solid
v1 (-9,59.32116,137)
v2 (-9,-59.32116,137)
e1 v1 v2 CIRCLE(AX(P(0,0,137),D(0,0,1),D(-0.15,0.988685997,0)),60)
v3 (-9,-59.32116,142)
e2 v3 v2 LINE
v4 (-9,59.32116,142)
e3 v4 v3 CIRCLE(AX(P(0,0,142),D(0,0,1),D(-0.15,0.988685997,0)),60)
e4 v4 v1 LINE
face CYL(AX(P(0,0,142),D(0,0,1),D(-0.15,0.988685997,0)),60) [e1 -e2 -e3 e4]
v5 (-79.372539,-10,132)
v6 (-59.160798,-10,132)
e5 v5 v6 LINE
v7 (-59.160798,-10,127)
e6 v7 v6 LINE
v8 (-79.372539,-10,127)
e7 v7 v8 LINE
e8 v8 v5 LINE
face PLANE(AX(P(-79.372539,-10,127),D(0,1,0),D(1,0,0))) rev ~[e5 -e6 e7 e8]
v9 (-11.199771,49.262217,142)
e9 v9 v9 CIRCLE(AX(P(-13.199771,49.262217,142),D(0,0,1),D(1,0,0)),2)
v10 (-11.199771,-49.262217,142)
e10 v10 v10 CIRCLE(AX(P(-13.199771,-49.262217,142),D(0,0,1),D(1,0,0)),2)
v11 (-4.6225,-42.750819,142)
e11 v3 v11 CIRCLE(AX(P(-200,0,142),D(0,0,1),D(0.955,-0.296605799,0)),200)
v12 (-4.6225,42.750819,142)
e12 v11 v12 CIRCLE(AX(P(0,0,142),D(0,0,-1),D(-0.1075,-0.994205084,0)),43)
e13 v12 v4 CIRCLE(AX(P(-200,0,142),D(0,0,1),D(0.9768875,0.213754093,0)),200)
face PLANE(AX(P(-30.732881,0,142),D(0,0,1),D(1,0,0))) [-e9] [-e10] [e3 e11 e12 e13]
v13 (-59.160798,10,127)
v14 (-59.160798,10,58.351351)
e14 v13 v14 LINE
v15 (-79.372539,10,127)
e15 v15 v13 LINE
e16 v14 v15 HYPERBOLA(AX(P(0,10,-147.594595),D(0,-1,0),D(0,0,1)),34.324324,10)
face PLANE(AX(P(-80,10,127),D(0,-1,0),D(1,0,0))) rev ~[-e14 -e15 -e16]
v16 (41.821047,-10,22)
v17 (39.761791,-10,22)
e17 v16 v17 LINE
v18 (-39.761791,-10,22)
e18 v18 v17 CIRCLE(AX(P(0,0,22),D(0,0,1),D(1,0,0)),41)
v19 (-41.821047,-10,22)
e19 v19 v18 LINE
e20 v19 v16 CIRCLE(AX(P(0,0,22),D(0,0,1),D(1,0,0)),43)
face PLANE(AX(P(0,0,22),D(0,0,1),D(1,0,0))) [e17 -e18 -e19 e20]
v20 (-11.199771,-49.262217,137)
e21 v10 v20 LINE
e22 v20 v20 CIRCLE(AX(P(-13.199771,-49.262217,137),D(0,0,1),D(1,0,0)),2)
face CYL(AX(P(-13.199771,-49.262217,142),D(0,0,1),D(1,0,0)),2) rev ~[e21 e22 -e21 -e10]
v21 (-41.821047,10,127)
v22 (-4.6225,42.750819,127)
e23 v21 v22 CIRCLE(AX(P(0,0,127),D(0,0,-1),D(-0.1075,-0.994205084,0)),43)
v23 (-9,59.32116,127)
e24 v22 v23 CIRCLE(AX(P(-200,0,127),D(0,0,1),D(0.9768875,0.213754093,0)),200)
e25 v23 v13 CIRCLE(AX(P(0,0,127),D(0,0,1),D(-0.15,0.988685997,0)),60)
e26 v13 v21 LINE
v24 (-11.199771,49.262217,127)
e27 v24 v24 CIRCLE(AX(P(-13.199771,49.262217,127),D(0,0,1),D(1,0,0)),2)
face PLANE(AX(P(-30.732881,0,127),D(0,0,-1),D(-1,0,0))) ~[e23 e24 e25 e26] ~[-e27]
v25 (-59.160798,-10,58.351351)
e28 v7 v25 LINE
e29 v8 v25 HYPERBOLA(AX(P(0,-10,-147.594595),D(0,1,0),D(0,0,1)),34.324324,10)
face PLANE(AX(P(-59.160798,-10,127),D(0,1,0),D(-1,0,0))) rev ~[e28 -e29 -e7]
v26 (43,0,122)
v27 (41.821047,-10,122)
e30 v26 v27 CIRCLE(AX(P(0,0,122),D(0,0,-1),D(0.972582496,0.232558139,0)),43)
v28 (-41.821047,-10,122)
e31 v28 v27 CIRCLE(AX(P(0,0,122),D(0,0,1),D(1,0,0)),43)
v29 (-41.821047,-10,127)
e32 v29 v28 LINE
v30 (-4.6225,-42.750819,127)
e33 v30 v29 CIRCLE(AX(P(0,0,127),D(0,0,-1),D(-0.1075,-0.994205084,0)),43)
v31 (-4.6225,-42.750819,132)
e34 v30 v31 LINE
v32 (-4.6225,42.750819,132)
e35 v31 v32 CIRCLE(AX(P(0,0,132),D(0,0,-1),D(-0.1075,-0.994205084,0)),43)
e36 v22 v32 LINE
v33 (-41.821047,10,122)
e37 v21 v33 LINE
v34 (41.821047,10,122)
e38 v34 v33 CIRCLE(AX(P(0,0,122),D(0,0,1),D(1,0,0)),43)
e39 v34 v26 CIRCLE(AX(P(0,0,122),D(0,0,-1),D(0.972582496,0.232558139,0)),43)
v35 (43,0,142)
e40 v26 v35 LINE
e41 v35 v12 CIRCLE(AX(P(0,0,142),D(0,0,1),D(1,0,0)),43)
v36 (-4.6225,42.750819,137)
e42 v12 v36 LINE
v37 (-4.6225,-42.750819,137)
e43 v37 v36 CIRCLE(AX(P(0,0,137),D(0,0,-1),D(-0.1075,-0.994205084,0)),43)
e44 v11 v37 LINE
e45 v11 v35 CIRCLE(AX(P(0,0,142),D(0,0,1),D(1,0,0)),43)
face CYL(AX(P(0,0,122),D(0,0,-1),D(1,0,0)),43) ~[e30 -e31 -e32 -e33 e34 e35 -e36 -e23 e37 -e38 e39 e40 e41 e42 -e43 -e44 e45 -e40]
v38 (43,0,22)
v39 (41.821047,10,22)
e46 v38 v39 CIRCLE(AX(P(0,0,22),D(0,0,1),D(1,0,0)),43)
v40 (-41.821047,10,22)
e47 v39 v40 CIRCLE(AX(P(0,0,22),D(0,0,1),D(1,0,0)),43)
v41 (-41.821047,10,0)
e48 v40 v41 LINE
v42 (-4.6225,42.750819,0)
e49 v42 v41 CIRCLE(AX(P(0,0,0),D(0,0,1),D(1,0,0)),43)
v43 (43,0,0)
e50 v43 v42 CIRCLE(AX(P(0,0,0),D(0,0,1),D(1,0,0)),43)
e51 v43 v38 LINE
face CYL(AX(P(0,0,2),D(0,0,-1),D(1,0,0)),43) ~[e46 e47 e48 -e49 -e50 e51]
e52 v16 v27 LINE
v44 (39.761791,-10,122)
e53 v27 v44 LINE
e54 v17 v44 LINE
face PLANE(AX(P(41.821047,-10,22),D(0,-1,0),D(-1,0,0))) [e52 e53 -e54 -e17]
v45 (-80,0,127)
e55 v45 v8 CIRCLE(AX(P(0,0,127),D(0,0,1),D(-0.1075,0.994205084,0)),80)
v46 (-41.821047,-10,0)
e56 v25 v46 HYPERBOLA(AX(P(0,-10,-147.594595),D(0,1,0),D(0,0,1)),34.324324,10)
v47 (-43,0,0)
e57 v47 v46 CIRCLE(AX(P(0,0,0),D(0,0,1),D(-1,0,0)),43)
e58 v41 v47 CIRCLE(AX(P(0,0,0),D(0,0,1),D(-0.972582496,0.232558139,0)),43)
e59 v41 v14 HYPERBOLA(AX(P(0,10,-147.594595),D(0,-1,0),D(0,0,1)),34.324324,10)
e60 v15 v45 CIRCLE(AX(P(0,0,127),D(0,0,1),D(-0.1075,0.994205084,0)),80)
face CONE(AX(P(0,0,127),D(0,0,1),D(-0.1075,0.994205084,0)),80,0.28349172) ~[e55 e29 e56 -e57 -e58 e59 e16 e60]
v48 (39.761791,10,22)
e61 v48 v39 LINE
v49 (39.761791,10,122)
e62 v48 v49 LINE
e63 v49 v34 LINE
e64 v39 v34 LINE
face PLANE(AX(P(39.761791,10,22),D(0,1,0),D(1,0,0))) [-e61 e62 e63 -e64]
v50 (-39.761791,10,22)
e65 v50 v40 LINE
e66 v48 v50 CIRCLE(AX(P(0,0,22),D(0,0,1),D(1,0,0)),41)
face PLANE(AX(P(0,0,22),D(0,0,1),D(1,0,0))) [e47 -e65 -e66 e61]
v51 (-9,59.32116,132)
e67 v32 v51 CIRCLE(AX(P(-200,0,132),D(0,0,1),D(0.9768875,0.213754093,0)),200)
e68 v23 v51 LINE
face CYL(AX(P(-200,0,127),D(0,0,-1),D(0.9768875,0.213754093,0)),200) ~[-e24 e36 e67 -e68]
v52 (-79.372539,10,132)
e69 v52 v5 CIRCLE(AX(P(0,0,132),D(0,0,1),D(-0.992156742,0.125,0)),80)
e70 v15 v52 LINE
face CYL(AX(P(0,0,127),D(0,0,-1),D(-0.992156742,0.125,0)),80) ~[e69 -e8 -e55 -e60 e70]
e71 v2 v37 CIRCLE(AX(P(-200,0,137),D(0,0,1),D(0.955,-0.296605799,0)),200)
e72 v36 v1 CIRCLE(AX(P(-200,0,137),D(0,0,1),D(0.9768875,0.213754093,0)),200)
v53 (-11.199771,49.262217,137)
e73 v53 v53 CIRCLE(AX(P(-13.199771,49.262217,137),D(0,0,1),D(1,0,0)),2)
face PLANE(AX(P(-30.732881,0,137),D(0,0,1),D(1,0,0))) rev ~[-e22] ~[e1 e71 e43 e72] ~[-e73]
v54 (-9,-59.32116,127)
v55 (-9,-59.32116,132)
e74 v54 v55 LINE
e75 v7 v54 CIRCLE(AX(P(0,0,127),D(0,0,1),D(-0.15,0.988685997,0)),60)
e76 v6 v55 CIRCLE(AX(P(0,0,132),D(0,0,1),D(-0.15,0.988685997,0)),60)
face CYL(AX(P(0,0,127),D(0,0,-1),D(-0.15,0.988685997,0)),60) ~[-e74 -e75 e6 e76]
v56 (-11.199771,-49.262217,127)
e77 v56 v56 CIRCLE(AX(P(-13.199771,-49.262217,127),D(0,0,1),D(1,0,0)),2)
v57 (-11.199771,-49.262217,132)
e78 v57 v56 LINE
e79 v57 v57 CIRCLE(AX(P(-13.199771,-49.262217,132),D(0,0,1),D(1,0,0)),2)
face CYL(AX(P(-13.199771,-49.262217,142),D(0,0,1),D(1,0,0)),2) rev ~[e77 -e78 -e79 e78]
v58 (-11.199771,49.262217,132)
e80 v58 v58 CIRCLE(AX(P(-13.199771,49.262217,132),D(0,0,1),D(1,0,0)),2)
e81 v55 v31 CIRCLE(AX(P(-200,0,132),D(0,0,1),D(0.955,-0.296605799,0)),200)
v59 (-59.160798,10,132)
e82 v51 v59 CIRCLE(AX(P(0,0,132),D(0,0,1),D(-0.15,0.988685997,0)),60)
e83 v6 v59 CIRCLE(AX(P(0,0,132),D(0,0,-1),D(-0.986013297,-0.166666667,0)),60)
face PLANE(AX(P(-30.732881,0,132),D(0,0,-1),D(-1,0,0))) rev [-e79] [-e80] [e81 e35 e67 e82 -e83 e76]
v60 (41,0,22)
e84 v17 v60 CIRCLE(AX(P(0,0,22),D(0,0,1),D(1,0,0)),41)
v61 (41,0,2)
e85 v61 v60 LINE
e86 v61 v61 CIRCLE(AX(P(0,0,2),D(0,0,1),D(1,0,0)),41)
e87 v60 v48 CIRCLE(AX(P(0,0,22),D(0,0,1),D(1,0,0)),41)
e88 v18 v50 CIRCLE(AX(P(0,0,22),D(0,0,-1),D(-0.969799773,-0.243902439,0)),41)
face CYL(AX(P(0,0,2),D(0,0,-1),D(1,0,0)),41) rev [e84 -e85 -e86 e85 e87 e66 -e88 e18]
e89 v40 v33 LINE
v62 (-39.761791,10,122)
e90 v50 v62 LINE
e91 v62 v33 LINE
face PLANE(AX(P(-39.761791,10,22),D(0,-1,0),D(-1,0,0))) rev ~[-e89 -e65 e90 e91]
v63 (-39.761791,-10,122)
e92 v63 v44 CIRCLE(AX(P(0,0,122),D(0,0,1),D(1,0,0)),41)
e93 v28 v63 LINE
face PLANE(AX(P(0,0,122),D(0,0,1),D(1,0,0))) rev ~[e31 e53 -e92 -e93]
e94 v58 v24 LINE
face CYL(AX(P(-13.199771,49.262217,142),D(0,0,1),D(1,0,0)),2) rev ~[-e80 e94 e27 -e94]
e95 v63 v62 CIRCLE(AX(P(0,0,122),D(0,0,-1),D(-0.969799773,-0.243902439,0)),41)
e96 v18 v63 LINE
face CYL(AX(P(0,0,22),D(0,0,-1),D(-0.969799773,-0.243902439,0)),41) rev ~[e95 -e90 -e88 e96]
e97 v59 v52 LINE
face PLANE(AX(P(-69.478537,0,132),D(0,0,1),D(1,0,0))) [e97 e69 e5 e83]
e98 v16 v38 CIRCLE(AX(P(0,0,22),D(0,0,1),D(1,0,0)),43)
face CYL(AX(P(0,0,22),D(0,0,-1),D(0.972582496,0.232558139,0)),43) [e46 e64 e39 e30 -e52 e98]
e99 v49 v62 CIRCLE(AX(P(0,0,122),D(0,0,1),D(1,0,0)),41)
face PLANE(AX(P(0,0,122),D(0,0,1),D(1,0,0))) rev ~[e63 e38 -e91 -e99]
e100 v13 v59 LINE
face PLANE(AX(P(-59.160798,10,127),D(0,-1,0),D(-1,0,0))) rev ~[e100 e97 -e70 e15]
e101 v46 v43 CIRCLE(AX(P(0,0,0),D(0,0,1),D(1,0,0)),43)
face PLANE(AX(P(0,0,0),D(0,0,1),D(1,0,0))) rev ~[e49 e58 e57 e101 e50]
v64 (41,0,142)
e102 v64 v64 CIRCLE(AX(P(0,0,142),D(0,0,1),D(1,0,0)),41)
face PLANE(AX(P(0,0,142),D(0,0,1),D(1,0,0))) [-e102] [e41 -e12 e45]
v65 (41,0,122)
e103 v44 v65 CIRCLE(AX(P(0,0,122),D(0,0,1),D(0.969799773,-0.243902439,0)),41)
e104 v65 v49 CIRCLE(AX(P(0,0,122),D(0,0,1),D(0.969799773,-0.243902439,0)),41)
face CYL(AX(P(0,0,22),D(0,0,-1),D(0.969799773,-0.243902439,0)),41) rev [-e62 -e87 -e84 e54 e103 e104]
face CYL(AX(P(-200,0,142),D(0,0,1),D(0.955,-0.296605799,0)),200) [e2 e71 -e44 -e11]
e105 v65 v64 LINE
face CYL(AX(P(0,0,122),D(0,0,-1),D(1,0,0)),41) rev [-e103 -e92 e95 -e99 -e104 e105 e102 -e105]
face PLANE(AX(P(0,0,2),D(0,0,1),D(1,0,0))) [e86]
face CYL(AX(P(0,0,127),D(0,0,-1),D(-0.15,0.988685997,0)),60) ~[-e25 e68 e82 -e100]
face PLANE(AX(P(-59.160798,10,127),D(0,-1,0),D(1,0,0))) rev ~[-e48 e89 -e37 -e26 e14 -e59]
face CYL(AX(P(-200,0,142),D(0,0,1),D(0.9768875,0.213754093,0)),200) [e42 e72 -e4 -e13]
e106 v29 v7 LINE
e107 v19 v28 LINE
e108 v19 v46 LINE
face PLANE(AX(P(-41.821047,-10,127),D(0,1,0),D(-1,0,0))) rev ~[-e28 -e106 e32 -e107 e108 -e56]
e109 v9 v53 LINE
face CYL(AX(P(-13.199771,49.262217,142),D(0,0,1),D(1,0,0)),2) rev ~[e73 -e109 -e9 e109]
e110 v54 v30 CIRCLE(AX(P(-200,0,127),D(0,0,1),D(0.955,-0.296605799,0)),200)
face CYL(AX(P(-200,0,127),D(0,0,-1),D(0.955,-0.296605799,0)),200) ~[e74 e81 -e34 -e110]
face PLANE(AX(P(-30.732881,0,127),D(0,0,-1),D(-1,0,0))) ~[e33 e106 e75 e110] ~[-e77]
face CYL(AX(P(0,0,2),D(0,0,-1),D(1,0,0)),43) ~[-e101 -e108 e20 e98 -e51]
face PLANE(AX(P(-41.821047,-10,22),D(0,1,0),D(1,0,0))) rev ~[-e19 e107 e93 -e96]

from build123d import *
from build123d.topology import SkipClean

# Parameters (mm, degrees)
SKETCH1_R           = 43
BOSS_EXTRUDE1_DEPTH = 2
SKETCH2_R           = 43
SKETCH2_R_2         = 41
BOSS_EXTRUDE2_DEPTH = 20
BOSS_EXTRUDE3_DEPTH = 100
SKETCH4_R           = 43
SKETCH4_R_2         = 41
BOSS_EXTRUDE4_DEPTH = 20
BOSS_EXTRUDE5_DEPTH = 5
BOSS_EXTRUDE6_DEPTH = 127
SKETCH7_W           = 7.682690019
SKETCH7_H           = 127
BOSS_EXTRUDE7_DEPTH = 5
SKETCH10_R          = 2
CUT_EXTRUDE2_DEPTH  = 15


with BuildPart() as part:
    # Sketch1 → Boss-Extrude1 (new body)
    with BuildSketch(Plane.XY):
        Circle(SKETCH1_R)
    extrude(amount=BOSS_EXTRUDE1_DEPTH)

    # Sketch2 → Boss-Extrude2 (add)
    with BuildSketch(Plane.XY.offset(2)):
        Circle(SKETCH2_R)
        Circle(SKETCH2_R_2, mode=Mode.SUBTRACT)
    extrude(amount=BOSS_EXTRUDE2_DEPTH)

    # Sketch3 → Boss-Extrude3 (add)
    with SkipClean():  # the faces are left unmerged after this step: merging them gives an invalid solid
        with BuildSketch(Plane.XY.offset(22)):
            with BuildLine():
                Line((39.761790704, 10), (41.821047333, 10))
                ThreePointArc((41.821047333, 10), (43, 0), (41.821047333, -10))
                Line((41.821047333, -10), (39.761790704, -10))
                ThreePointArc((39.761790704, -10), (41, 0), (39.761790704, 10))
            make_face()
            with BuildLine():
                Line((-41.821047333, -10), (-39.761790704, -10))
                ThreePointArc((-39.761790704, -10), (-41, 0), (-39.761790704, 10))
                Line((-39.761790704, 10), (-41.821047333, 10))
                ThreePointArc((-41.821047333, 10), (-43, 0), (-41.821047333, -10))
            make_face()
        extrude(amount=BOSS_EXTRUDE3_DEPTH)

    # Sketch4 → Boss-Extrude4 (add)
    with SkipClean():  # the faces are left unmerged after this step: merging them gives an invalid solid
        with BuildSketch(Plane.XY.offset(122)):
            Circle(SKETCH4_R)
            Circle(SKETCH4_R_2, mode=Mode.SUBTRACT)
        extrude(amount=BOSS_EXTRUDE4_DEPTH)

    # Sketch5 → Boss-Extrude5 (add)
    with SkipClean():  # the faces are left unmerged after this step: merging them gives an invalid solid
        with BuildSketch(Plane.XY.offset(142)):
            with BuildLine():
                ThreePointArc((-4.6225, 42.750818633), (-6.633671033, 51.082901463), (-9, 59.3211598))
                ThreePointArc((-9, 59.3211598), (-60, 0), (-9, -59.3211598))
                ThreePointArc((-9, -59.3211598), (-6.633671033, -51.082901463), (-4.6225, -42.750818633))
                ThreePointArc((-4.6225, -42.750818633), (-43, 0), (-4.6225, 42.750818633))
            make_face()
        boss_extrude5 = extrude(amount=-BOSS_EXTRUDE5_DEPTH)

    # Mirror1: Boss-Extrude5 across plane
    with SkipClean():  # the faces are left unmerged after this step: merging them gives an invalid solid
        add(boss_extrude5.mirror(Plane(origin=(0, 0, 134.5), x_dir=(1, 0, 0), z_dir=(0, 0, -1))))

    # Sketch6 → Boss-Extrude6 (add)
    with SkipClean():  # the faces are left unmerged after this step: merging them gives an invalid solid
        with BuildSketch(Plane(origin=(0, 0, 127), x_dir=(-1, 0, 0), z_dir=(0, 0, -1))):
            with BuildLine():
                ThreePointArc((43, 0), (42.704244726, -5.034628323), (41.821047333, -10))
                Line((41.821047333, -10), (59.160797831, -10))
                ThreePointArc((59.160797831, -10), (59.789831367, -5.017575617), (60, 0))
                ThreePointArc((60, 0), (59.789831367, 5.017575617), (59.160797831, 10))
                Line((59.160797831, 10), (41.821047333, 10))
                ThreePointArc((41.821047333, 10), (42.704244726, 5.034628323), (43, 0))
            make_face()
            with BuildLine():
                ThreePointArc((60, 0), (59.789831367, -5.017575617), (59.160797831, -10))
                Line((59.160797831, -10), (80, -10))
                Line((80, -10), (80, 10))
                Line((80, 10), (59.160797831, 10))
                ThreePointArc((59.160797831, 10), (59.789831367, 5.017575617), (60, 0))
            make_face()
        extrude(amount=BOSS_EXTRUDE6_DEPTH)

    # Sketch7 → Cut-Revolve1 (revolve, cut)
    with SkipClean():  # the faces are left unmerged after this step: merging them gives an invalid solid
        with BuildSketch(Plane(origin=(0, 0, 0), x_dir=(1, 0, 0), z_dir=(0, 1, 0)), mode=Mode.PRIVATE) as cut_revolve1_sk:
            with Locations((-83.84134501, -63.5)):
                Rectangle(SKETCH7_W, SKETCH7_H)
            Polygon((-80, 0), (-80, -127), (-43, 0), align=None)
        revolve(cut_revolve1_sk.sketch.rotate(Axis((0, 0, -46.383399508), (0, 0, 1)), 276.171221478), axis=Axis((0, 0, -46.383399508), (0, 0, 1)), mode=Mode.SUBTRACT)

    # Sketch8 → Boss-Extrude7 (add)
    with SkipClean():  # the faces are left unmerged after this step: merging them gives an invalid solid
        with BuildSketch(Plane.XY.offset(127)):
            with BuildLine():
                Line((-59.160797831, 10), (-79.372539332, 10))
                ThreePointArc((-79.372539332, 10), (-80, 0), (-79.372539332, -10))
                Line((-79.372539332, -10), (-59.160797831, -10))
                ThreePointArc((-59.160797831, -10), (-60, 0), (-59.160797831, 10))
            make_face()
        extrude(amount=BOSS_EXTRUDE7_DEPTH)

    # Sketch10 → Cut-Extrude2 (cut)
    with SkipClean():  # the faces are left unmerged after this step: merging them gives an invalid solid
        with BuildSketch(Plane.XY.offset(142)):
            with Locations((-13.1997713, 49.262217141)):
                Circle(SKETCH10_R)
            with Locations((-13.1997713, -49.262217141)):
                Circle(SKETCH10_R)
        extrude(amount=-CUT_EXTRUDE2_DEPTH, mode=Mode.SUBTRACT)


solid = part.part
